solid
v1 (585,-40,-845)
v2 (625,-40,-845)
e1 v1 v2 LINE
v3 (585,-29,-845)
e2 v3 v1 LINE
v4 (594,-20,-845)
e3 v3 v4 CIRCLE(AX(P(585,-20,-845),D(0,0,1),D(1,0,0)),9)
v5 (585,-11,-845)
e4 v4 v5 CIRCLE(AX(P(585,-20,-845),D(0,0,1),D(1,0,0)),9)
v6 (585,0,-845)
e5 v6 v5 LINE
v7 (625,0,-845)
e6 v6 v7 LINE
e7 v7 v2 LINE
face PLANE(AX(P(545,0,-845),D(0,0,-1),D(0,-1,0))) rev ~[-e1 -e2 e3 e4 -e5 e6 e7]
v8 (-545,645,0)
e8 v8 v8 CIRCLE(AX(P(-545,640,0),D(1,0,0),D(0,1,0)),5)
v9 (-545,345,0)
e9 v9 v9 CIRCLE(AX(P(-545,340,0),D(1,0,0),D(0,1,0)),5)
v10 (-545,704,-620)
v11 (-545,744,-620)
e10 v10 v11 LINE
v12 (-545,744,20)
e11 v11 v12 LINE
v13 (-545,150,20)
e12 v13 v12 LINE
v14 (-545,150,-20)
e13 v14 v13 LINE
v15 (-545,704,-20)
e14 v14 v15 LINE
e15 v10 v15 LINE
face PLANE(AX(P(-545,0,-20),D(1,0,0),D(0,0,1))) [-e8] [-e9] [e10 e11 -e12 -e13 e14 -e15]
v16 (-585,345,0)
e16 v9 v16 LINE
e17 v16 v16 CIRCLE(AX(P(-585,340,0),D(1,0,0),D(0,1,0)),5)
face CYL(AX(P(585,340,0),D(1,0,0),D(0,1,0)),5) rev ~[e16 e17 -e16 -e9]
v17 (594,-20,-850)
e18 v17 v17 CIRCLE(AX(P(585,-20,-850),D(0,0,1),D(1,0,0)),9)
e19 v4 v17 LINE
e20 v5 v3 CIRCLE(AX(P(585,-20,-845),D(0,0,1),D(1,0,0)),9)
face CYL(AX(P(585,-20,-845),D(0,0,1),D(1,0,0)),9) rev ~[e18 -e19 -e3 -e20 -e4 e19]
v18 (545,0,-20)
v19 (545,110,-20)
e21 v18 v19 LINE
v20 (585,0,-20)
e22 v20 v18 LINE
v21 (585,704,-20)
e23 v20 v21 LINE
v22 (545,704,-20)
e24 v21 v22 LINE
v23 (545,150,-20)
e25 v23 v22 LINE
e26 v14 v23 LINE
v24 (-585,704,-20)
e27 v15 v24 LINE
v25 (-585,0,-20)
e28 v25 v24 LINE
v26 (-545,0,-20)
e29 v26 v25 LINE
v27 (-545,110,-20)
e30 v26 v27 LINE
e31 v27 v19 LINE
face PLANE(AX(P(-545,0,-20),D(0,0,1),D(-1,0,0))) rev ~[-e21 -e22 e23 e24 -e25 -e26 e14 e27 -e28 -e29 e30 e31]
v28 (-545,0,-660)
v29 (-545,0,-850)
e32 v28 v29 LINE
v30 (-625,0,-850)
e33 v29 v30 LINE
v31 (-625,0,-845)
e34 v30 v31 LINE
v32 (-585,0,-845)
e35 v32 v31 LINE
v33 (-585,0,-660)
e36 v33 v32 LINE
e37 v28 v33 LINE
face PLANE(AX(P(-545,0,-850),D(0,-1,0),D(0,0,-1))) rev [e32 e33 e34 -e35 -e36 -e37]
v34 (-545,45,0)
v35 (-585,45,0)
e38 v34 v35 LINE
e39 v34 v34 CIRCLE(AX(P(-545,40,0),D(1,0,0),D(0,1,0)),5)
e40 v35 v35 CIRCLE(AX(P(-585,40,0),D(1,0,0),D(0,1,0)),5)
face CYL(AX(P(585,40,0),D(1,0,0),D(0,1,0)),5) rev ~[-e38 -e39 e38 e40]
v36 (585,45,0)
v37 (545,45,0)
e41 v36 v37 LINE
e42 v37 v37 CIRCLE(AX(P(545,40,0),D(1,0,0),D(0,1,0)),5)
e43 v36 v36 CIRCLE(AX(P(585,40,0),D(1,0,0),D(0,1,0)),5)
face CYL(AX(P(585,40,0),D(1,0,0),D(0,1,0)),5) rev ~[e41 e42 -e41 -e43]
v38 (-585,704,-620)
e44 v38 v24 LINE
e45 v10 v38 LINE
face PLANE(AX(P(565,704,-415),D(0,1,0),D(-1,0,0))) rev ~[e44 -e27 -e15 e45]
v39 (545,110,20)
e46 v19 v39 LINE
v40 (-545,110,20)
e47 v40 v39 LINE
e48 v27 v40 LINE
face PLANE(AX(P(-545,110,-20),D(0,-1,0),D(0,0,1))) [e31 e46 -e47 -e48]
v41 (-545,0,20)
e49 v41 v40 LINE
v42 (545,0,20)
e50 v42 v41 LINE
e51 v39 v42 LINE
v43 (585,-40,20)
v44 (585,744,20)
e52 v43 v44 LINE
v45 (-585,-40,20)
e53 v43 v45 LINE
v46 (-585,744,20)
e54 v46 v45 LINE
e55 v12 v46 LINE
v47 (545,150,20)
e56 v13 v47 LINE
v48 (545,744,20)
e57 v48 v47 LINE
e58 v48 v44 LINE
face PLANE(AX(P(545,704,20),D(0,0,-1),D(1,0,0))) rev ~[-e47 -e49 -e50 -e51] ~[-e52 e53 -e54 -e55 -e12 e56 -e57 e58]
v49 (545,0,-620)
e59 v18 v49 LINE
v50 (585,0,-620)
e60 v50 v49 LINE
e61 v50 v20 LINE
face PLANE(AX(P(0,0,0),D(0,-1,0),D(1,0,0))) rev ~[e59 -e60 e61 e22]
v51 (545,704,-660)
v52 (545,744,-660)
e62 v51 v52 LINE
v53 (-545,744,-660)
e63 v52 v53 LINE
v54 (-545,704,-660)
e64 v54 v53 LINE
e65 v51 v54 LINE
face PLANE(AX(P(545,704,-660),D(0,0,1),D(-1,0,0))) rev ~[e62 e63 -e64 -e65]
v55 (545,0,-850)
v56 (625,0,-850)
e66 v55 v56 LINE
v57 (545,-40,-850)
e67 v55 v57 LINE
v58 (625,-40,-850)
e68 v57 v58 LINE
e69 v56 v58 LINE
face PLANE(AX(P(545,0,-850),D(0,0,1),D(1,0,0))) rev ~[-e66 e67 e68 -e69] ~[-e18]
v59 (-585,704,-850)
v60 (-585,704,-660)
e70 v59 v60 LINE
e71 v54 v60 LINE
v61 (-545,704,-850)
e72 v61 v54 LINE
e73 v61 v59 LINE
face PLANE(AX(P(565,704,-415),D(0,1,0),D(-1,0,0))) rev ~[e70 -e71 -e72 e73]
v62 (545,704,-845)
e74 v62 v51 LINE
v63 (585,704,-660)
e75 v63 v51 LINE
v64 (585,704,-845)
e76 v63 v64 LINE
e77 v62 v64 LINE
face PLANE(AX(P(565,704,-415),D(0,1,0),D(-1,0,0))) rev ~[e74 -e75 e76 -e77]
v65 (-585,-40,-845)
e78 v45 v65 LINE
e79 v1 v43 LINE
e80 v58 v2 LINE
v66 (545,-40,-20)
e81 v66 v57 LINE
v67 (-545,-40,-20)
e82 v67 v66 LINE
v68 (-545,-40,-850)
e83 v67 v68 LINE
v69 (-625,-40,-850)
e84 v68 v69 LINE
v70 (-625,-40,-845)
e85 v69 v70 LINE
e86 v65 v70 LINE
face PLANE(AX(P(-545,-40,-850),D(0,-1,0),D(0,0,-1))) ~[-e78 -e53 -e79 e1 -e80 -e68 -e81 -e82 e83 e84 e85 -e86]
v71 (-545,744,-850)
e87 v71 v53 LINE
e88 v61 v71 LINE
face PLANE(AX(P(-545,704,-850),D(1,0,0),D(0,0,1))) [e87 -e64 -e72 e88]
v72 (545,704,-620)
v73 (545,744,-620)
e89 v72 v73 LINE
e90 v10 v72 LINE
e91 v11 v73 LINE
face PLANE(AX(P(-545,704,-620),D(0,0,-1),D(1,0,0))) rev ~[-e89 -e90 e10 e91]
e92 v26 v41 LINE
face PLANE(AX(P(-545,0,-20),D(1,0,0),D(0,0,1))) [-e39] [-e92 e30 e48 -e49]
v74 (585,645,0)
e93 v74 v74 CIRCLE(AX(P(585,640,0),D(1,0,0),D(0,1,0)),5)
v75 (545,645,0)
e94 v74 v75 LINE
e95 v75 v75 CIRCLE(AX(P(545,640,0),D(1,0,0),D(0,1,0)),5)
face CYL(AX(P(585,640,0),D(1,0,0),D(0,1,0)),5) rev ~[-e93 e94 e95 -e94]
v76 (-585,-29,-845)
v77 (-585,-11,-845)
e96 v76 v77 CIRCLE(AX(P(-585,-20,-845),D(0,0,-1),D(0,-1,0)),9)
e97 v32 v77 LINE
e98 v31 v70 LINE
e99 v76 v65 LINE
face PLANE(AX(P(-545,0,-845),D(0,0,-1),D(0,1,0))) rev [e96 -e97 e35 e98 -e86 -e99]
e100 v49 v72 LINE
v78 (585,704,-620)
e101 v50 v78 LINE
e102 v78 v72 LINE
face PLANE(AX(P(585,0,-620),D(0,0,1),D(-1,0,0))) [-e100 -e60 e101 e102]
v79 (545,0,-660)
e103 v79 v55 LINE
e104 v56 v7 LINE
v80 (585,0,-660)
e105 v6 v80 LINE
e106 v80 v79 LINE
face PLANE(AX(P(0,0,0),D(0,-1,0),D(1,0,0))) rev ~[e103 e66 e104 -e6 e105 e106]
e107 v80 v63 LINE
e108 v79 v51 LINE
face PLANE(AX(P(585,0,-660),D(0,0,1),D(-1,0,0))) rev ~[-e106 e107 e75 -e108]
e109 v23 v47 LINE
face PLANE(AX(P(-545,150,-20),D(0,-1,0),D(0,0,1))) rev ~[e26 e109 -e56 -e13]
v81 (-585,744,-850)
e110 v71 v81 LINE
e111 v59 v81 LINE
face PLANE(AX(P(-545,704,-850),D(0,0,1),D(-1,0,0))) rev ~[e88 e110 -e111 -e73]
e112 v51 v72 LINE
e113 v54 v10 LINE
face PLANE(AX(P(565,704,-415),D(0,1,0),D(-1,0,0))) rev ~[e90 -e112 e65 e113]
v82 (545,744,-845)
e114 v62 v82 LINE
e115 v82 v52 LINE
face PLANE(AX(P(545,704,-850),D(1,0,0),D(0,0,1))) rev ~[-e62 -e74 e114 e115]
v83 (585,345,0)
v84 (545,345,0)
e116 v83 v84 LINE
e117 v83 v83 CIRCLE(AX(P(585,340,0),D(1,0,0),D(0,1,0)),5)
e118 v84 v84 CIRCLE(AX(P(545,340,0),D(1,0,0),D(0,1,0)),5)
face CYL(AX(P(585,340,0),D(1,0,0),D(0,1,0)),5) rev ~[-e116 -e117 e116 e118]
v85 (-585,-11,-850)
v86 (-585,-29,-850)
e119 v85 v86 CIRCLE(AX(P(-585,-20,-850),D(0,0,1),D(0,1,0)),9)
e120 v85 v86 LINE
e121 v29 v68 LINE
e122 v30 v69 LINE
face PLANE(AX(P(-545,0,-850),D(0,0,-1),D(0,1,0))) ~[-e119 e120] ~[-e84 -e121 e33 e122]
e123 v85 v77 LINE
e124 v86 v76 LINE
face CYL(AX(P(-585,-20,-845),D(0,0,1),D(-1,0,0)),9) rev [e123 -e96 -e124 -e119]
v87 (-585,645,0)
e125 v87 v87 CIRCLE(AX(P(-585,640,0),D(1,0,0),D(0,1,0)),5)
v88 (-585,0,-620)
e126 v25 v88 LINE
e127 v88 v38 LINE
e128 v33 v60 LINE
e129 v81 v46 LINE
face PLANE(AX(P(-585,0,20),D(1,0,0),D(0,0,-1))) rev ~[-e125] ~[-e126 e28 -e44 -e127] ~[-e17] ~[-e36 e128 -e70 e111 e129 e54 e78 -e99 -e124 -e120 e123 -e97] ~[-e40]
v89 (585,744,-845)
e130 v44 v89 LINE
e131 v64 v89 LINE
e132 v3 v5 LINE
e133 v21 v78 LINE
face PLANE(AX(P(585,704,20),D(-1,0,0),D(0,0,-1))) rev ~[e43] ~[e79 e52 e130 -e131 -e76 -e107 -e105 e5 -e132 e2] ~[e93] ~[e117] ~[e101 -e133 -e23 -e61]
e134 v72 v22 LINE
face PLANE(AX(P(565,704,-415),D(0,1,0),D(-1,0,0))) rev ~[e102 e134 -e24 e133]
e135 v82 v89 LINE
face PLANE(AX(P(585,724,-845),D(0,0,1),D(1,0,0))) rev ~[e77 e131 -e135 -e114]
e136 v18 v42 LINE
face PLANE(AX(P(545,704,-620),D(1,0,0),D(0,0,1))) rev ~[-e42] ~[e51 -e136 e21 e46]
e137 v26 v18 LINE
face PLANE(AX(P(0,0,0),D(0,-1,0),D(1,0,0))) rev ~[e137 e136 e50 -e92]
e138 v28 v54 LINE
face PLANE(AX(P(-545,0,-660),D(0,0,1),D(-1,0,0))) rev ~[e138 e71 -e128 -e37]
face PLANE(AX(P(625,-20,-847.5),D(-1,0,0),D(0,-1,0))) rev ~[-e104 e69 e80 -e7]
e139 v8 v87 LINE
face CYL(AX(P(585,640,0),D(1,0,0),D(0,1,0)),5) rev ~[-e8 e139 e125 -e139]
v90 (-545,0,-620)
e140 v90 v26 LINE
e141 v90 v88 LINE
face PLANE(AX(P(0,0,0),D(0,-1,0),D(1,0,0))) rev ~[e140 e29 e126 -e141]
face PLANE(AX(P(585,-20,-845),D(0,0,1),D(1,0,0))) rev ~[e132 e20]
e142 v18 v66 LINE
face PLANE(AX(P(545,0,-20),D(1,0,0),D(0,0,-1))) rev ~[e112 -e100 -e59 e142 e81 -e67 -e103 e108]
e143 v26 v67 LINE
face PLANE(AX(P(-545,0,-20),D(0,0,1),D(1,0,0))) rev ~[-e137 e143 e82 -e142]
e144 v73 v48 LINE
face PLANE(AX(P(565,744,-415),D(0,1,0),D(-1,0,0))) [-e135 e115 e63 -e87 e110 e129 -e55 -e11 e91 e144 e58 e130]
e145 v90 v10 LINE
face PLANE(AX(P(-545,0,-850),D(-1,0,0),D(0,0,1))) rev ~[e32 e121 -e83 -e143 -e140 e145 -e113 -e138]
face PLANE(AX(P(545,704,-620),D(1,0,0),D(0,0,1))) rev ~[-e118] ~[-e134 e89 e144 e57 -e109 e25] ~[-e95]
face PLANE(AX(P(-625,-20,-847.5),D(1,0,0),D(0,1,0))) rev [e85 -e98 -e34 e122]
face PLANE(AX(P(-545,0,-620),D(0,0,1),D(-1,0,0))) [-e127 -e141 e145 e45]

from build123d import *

# Parameters (mm, degrees)
F1_DEPTH  = 40
F2_W      = 40
F2_H      = 40
F3_DEPTH  = 704
F4_W      = 1090
F4_H      = 40
F4_W_2    = 40
F4_H_2    = 640
F4_H_3    = 190
F5_DEPTH  = 40
F6_W      = 40
F6_H      = 5
F7_DEPTH  = 80
F8_R      = 9
F7_FACE_W = 80
F7_FACE_H = 40
F9_DEPTH  = 30
F11_W     = 40
F11_H     = 40
F12_DEPTH = 1090
F13_R     = 5
F14_DEPTH = 1170


with BuildPart() as f1:
    # F0 (on Front) → F1 (new body)
    with BuildSketch(Plane.XZ):
        Polygon((-585, 20), (-585, -20), (-545, -20), (545, -20), (585, -20), (585, 20), align=None)
        Polygon((-545, -20), (-585, -20), (-585, -850), (-545, -850), (-545, -660), (-545, -620), align=None)
        Polygon((585, -20), (545, -20), (545, -620), (545, -660), (545, -850), (585, -850), align=None)
    extrude(amount=F1_DEPTH)

    # F2 (on face) → F3 (join)
    with BuildSketch(Plane(origin=(0, 0, 0), x_dir=(-1, 0, 0), z_dir=(0, 1, 0))):
        with Locations((-565, 0)):
            Rectangle(F2_W, F2_H)
        with Locations((565, 0)):
            Rectangle(F2_W, F2_H)
        with Locations((-565, -640)):
            Rectangle(F2_W, F2_H)
        with Locations((565, -640)):
            Rectangle(F2_W, F2_H)
    extrude(amount=F3_DEPTH)

    # F4 (on face) → F5 (join)
    with BuildSketch(Plane(origin=(0, 704, 0), x_dir=(-1, 0, 0), z_dir=(0, 1, 0))):
        Polygon((-545, 20), (-585, 20), (-585, -850), (-545, -850), (-545, -660), (-545, -620), align=None)
        with Locations((0, -640)):
            Rectangle(F4_W, F4_H)
        with Locations((565, -640)):
            Rectangle(F4_W_2, F4_H)
        with Locations((565, -300)):
            Rectangle(F4_W_2, F4_H_2)
        with Locations((565, -755)):
            Rectangle(F4_W_2, F4_H_3)
    extrude(amount=F5_DEPTH)


with BuildPart() as f7:
    # F6 (on face) → F7 (new body)
    with BuildSketch(Plane(origin=(545, 0, 0), x_dir=(0, -1, 0), z_dir=(-1, 0, 0))):
        with Locations((20, -847.5)):
            Rectangle(F6_W, F6_H)
    extrude(amount=-F7_DEPTH)


with BuildPart() as f7b:
    # F6 (on face) → F7, piece 2 (new body)
    with BuildSketch(Plane(origin=(545, 0, 0), x_dir=(0, -1, 0), z_dir=(-1, 0, 0))):
        with Locations((-724, -847.5)):
            Rectangle(F6_W, F6_H)
    extrude(amount=-F7_DEPTH)


with BuildPart() as f9_tool:
    # F8 (on face) + F7_face (on face) → F9 (new body)
    with BuildSketch(Plane.XY.offset(-845)):
        with Locations((585, -20)):
            Circle(F8_R)
    with BuildSketch(Plane(origin=(585, -20, -845), x_dir=(1, 0, 0), z_dir=(0, 0, 1))):
        with Locations((0, 744)):
            Rectangle(F7_FACE_W, F7_FACE_H)
    extrude(amount=-F9_DEPTH)


with BuildPart() as f1_1:
    add(f1.part)

    # F9: cut by f9_tool
    add(f9_tool.part, mode=Mode.SUBTRACT)

    # F10: F7 across plane


with BuildPart() as f7_1:
    add(f7.part)

    # F9: cut by f9_tool
    add(f9_tool.part, mode=Mode.SUBTRACT)


with BuildPart() as f7b_1:
    add(f7b.part)

    # F9: cut by f9_tool
    add(f9_tool.part, mode=Mode.SUBTRACT)


with BuildPart() as f1_2:
    add(f1_1.part)
    add(f7_1.part.mirror(Plane.YZ))


    add(f7_1.part)  # F12 merges F7
    # F11 (on face) → F12 (join, through all)
    with BuildSketch(Plane.YZ.offset(-545)):
        with Locations((130, 0)):
            Rectangle(F11_W, F11_H)
    extrude(amount=F12_DEPTH)

    # F13 (on face) → F14 (cut, through all)
    with BuildSketch(Plane.YZ.offset(585)):
        with Locations((340, 0)):
            Circle(F13_R)
        with Locations((640, 0)):
            Circle(F13_R)
        with Locations((40, 0)):
            Circle(F13_R)
    extrude(amount=-F14_DEPTH, mode=Mode.SUBTRACT)


solid = f1_2.part
